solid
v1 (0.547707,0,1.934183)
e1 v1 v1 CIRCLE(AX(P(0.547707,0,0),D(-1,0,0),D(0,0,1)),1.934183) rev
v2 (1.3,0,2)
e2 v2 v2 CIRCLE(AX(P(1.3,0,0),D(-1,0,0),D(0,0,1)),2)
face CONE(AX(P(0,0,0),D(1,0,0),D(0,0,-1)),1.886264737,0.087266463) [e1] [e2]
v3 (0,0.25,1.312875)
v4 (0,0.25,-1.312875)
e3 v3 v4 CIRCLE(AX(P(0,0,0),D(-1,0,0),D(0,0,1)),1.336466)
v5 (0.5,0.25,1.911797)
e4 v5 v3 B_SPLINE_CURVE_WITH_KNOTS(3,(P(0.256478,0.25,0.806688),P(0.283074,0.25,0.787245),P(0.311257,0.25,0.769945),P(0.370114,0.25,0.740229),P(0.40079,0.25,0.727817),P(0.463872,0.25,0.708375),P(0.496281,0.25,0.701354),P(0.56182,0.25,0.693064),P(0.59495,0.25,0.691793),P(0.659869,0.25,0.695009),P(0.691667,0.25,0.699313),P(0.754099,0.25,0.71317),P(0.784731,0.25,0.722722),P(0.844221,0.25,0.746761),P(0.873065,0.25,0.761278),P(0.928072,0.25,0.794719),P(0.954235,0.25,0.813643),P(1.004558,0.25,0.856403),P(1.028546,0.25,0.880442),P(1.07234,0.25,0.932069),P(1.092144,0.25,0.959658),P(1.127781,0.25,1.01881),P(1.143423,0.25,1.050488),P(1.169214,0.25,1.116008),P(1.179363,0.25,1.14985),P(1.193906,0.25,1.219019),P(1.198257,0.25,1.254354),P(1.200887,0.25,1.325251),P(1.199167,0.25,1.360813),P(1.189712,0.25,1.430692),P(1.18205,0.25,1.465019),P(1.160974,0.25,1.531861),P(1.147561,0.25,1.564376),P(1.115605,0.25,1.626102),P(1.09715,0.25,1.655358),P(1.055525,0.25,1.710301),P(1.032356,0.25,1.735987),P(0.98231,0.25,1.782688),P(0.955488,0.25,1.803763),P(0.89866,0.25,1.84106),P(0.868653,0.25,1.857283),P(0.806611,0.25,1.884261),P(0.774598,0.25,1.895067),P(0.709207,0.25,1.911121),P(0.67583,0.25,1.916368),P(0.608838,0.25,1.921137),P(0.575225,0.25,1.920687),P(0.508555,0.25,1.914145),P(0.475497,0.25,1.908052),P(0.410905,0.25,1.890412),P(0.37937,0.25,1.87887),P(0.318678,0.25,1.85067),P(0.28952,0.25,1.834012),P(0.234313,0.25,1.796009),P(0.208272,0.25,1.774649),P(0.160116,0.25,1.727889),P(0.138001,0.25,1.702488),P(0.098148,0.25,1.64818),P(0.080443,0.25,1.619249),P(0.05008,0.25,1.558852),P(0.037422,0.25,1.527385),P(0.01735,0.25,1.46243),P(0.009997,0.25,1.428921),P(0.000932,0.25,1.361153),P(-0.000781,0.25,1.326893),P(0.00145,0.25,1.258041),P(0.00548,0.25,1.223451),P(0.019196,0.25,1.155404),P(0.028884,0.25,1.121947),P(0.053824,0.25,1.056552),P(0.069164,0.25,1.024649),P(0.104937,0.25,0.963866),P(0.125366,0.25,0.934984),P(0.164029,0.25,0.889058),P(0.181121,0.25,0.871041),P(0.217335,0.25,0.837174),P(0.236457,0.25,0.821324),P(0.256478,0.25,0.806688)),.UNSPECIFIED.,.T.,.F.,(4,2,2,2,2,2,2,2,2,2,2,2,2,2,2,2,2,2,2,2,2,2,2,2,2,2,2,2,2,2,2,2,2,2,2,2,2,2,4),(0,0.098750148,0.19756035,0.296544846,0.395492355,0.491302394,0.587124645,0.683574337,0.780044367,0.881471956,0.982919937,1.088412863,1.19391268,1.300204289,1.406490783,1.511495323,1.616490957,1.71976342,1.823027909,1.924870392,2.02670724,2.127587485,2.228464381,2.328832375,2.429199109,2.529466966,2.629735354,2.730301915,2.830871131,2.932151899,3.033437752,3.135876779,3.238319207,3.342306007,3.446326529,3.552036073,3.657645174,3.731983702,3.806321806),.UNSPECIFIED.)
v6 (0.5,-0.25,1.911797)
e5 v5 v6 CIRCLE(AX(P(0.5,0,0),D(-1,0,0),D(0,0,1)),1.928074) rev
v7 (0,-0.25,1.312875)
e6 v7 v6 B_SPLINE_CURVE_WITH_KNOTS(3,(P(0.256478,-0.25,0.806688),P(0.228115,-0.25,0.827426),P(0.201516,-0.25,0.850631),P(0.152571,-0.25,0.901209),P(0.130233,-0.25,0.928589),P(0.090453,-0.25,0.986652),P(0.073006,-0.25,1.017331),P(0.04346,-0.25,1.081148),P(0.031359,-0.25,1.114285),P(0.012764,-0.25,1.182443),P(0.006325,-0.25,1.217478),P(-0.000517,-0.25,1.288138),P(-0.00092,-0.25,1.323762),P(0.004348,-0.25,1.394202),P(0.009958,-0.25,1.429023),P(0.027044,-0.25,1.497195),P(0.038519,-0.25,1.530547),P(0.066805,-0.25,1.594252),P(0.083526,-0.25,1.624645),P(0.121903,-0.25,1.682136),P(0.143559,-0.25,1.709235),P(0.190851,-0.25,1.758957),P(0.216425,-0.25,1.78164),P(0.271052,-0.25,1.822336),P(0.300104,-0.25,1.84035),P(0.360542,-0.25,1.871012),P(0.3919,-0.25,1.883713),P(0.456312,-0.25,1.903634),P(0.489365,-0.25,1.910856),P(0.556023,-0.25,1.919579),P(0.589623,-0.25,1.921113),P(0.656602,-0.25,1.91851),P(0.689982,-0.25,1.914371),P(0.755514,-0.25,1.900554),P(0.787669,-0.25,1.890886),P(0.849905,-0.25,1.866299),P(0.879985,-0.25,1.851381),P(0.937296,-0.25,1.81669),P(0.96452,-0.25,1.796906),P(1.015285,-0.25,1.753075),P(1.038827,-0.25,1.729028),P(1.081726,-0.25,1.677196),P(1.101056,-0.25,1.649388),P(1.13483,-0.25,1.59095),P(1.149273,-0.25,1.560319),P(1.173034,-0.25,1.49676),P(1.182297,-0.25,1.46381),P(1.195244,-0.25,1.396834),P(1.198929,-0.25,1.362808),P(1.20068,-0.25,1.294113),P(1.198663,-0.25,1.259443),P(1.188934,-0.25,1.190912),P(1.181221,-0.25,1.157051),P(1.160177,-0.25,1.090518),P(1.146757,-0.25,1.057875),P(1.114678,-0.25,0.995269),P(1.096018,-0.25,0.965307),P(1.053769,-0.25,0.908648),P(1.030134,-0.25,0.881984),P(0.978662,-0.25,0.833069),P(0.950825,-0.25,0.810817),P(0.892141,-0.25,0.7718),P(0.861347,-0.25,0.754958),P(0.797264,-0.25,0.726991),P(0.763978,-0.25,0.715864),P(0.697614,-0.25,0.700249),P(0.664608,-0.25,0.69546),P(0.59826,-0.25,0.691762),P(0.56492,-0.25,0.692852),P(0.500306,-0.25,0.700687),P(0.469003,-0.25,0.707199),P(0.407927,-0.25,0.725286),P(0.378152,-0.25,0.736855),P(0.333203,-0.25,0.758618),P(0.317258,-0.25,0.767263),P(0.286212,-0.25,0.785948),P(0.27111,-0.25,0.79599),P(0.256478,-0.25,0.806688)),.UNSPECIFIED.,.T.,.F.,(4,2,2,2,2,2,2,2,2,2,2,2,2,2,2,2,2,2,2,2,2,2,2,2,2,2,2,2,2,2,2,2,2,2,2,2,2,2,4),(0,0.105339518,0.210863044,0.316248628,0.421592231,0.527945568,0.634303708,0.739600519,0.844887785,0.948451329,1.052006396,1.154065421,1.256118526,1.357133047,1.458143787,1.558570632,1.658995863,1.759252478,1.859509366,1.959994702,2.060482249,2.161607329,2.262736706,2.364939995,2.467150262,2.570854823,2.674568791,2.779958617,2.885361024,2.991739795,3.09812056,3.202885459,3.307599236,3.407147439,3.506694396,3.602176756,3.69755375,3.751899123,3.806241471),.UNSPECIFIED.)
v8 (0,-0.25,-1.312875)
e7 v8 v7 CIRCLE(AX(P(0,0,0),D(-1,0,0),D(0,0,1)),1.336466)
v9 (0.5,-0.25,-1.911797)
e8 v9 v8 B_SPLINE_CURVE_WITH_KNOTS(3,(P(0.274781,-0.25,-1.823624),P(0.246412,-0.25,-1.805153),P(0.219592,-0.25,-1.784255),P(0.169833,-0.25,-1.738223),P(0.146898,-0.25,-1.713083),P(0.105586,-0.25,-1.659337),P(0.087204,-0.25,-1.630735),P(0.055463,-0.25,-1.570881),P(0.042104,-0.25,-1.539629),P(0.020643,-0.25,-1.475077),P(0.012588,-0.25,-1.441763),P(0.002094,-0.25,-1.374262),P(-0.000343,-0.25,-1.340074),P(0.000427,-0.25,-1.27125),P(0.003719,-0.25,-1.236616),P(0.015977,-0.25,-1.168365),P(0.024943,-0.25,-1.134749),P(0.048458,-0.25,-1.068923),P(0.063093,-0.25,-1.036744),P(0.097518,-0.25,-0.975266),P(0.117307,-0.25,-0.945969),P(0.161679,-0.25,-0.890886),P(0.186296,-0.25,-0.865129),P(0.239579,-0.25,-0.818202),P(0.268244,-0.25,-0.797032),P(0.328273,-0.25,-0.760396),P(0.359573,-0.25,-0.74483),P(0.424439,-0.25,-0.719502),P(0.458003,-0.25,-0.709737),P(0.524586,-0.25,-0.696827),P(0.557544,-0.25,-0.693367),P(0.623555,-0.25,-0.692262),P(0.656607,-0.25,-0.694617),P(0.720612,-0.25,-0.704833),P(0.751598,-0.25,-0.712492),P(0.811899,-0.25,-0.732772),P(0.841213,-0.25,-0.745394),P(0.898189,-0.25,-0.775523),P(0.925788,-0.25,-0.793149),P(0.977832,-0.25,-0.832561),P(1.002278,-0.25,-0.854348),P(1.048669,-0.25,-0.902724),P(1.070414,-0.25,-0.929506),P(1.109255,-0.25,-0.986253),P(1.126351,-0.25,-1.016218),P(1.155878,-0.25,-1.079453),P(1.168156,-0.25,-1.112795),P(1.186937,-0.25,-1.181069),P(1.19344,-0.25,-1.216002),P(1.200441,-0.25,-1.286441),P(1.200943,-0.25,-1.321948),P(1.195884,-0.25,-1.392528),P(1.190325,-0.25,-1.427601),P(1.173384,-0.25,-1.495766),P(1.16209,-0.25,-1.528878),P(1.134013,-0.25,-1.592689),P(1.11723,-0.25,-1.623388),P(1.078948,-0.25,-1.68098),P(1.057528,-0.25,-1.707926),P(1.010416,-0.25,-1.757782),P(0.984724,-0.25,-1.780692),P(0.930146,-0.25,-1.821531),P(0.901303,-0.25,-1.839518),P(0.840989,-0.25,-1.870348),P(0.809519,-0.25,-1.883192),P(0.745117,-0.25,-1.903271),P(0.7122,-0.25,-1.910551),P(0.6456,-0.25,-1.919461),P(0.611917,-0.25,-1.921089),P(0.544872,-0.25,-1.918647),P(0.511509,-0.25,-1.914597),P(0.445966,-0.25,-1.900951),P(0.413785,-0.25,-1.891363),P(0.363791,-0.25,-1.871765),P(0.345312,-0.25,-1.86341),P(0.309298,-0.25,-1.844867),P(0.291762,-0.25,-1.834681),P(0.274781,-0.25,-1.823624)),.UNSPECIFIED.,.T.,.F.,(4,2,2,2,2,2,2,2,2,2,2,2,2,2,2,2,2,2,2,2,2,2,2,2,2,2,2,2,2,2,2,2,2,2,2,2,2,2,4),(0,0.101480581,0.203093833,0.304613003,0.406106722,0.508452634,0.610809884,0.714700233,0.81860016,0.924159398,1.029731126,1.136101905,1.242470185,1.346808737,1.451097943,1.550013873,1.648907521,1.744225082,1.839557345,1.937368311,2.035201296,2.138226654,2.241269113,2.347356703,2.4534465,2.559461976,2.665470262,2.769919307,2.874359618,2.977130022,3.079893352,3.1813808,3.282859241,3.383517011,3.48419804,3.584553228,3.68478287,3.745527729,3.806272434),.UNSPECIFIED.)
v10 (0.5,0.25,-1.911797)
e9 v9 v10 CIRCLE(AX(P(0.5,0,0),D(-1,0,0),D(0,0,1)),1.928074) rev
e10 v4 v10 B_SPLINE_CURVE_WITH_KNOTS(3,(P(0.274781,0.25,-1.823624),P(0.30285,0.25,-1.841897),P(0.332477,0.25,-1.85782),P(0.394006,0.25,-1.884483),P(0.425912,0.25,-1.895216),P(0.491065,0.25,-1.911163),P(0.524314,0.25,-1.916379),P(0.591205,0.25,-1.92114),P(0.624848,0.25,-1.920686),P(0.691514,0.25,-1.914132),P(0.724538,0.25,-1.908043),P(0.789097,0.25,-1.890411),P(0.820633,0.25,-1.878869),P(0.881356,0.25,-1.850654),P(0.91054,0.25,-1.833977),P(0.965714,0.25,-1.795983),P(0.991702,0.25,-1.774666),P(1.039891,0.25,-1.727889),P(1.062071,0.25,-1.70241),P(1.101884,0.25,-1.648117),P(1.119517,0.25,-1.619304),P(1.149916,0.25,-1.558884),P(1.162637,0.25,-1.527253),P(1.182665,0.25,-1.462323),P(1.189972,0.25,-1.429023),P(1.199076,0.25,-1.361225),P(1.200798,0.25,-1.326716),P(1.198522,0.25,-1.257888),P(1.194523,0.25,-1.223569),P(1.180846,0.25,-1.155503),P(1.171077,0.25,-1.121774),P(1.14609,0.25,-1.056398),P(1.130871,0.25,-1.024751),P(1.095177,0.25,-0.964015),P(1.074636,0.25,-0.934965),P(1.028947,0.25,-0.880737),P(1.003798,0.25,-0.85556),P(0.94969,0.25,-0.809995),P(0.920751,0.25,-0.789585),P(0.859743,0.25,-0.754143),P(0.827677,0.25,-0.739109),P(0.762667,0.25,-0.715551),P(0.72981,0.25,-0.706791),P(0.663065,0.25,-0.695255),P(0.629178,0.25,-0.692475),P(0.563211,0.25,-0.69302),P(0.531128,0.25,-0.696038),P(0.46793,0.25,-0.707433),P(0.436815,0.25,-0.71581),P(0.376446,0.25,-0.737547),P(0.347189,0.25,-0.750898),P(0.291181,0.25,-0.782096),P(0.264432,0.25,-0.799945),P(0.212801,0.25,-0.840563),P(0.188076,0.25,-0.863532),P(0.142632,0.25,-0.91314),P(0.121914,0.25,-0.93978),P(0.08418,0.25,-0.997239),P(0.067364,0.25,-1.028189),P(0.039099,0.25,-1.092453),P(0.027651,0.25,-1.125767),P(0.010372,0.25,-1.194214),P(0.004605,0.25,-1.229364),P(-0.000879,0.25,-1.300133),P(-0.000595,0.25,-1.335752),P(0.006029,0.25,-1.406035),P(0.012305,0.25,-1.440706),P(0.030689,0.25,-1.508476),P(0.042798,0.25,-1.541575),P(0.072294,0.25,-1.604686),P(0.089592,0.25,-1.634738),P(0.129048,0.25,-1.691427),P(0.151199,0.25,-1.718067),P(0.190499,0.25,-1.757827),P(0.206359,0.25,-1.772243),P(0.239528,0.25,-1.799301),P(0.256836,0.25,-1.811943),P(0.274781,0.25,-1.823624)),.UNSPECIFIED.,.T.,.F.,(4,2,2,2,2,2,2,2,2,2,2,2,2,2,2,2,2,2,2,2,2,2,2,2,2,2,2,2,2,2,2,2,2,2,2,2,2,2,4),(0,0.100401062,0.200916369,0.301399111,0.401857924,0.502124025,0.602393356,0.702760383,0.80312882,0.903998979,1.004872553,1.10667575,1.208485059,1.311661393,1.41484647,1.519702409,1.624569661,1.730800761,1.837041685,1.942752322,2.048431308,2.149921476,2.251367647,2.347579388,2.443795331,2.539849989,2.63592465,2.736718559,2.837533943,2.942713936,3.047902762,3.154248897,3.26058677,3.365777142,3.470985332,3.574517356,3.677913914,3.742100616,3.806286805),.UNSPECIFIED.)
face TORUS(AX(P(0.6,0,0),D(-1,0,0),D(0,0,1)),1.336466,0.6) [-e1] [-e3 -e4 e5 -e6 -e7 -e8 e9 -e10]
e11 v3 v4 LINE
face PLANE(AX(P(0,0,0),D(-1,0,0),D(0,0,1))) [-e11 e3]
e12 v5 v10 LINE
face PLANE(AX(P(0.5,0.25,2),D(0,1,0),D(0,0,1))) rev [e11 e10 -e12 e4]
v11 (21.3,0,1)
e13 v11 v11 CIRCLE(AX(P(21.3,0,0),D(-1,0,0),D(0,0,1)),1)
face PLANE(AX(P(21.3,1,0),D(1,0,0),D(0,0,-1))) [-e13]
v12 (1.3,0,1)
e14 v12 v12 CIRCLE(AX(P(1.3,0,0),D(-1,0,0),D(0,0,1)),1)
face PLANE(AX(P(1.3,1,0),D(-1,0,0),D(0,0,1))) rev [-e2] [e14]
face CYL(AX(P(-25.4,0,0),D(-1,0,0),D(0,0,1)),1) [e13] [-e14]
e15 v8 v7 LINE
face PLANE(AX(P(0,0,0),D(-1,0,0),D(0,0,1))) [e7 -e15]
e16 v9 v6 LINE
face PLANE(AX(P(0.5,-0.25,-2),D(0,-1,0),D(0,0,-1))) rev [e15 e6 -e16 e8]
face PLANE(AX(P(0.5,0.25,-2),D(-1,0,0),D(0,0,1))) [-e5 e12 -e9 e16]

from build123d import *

# Parameters (mm, degrees)
FILLET2_R  = 0.6
SKETCH2_W  = 4
SKETCH2_H  = 0.5
SLOT_DEPTH = 0.5


with BuildPart() as part:
    # BodySke → Base-Revolve (revolve)
    with BuildSketch(Plane.XY, mode=Mode.PRIVATE) as base_revolve_sk:
        Polygon((1.3, 1), (1.3, 2), (0, 1.886264737), (0, 0), (21.3, 0), (21.3, 1), align=None)
    revolve(base_revolve_sk.sketch.rotate(Axis((-25.4, 0, 0), (1, 0, 0)), 90), axis=Axis((-25.4, 0, 0), (1, 0, 0)))

    # Fillet2
    fillet2_edges = [part.edges().sort_by_distance(p)[0] for p in [
        (0, 0, -1.886264737),
    ]]
    fillet(fillet2_edges, radius=FILLET2_R)

    # Sketch2 → Slot (cut)
    with BuildSketch(Plane(origin=(0, 0, 0), x_dir=(0, 0, -1), z_dir=(1, 0, 0))):
        Rectangle(SKETCH2_W, SKETCH2_H)
    extrude(amount=SLOT_DEPTH, mode=Mode.SUBTRACT)


solid = part.part
